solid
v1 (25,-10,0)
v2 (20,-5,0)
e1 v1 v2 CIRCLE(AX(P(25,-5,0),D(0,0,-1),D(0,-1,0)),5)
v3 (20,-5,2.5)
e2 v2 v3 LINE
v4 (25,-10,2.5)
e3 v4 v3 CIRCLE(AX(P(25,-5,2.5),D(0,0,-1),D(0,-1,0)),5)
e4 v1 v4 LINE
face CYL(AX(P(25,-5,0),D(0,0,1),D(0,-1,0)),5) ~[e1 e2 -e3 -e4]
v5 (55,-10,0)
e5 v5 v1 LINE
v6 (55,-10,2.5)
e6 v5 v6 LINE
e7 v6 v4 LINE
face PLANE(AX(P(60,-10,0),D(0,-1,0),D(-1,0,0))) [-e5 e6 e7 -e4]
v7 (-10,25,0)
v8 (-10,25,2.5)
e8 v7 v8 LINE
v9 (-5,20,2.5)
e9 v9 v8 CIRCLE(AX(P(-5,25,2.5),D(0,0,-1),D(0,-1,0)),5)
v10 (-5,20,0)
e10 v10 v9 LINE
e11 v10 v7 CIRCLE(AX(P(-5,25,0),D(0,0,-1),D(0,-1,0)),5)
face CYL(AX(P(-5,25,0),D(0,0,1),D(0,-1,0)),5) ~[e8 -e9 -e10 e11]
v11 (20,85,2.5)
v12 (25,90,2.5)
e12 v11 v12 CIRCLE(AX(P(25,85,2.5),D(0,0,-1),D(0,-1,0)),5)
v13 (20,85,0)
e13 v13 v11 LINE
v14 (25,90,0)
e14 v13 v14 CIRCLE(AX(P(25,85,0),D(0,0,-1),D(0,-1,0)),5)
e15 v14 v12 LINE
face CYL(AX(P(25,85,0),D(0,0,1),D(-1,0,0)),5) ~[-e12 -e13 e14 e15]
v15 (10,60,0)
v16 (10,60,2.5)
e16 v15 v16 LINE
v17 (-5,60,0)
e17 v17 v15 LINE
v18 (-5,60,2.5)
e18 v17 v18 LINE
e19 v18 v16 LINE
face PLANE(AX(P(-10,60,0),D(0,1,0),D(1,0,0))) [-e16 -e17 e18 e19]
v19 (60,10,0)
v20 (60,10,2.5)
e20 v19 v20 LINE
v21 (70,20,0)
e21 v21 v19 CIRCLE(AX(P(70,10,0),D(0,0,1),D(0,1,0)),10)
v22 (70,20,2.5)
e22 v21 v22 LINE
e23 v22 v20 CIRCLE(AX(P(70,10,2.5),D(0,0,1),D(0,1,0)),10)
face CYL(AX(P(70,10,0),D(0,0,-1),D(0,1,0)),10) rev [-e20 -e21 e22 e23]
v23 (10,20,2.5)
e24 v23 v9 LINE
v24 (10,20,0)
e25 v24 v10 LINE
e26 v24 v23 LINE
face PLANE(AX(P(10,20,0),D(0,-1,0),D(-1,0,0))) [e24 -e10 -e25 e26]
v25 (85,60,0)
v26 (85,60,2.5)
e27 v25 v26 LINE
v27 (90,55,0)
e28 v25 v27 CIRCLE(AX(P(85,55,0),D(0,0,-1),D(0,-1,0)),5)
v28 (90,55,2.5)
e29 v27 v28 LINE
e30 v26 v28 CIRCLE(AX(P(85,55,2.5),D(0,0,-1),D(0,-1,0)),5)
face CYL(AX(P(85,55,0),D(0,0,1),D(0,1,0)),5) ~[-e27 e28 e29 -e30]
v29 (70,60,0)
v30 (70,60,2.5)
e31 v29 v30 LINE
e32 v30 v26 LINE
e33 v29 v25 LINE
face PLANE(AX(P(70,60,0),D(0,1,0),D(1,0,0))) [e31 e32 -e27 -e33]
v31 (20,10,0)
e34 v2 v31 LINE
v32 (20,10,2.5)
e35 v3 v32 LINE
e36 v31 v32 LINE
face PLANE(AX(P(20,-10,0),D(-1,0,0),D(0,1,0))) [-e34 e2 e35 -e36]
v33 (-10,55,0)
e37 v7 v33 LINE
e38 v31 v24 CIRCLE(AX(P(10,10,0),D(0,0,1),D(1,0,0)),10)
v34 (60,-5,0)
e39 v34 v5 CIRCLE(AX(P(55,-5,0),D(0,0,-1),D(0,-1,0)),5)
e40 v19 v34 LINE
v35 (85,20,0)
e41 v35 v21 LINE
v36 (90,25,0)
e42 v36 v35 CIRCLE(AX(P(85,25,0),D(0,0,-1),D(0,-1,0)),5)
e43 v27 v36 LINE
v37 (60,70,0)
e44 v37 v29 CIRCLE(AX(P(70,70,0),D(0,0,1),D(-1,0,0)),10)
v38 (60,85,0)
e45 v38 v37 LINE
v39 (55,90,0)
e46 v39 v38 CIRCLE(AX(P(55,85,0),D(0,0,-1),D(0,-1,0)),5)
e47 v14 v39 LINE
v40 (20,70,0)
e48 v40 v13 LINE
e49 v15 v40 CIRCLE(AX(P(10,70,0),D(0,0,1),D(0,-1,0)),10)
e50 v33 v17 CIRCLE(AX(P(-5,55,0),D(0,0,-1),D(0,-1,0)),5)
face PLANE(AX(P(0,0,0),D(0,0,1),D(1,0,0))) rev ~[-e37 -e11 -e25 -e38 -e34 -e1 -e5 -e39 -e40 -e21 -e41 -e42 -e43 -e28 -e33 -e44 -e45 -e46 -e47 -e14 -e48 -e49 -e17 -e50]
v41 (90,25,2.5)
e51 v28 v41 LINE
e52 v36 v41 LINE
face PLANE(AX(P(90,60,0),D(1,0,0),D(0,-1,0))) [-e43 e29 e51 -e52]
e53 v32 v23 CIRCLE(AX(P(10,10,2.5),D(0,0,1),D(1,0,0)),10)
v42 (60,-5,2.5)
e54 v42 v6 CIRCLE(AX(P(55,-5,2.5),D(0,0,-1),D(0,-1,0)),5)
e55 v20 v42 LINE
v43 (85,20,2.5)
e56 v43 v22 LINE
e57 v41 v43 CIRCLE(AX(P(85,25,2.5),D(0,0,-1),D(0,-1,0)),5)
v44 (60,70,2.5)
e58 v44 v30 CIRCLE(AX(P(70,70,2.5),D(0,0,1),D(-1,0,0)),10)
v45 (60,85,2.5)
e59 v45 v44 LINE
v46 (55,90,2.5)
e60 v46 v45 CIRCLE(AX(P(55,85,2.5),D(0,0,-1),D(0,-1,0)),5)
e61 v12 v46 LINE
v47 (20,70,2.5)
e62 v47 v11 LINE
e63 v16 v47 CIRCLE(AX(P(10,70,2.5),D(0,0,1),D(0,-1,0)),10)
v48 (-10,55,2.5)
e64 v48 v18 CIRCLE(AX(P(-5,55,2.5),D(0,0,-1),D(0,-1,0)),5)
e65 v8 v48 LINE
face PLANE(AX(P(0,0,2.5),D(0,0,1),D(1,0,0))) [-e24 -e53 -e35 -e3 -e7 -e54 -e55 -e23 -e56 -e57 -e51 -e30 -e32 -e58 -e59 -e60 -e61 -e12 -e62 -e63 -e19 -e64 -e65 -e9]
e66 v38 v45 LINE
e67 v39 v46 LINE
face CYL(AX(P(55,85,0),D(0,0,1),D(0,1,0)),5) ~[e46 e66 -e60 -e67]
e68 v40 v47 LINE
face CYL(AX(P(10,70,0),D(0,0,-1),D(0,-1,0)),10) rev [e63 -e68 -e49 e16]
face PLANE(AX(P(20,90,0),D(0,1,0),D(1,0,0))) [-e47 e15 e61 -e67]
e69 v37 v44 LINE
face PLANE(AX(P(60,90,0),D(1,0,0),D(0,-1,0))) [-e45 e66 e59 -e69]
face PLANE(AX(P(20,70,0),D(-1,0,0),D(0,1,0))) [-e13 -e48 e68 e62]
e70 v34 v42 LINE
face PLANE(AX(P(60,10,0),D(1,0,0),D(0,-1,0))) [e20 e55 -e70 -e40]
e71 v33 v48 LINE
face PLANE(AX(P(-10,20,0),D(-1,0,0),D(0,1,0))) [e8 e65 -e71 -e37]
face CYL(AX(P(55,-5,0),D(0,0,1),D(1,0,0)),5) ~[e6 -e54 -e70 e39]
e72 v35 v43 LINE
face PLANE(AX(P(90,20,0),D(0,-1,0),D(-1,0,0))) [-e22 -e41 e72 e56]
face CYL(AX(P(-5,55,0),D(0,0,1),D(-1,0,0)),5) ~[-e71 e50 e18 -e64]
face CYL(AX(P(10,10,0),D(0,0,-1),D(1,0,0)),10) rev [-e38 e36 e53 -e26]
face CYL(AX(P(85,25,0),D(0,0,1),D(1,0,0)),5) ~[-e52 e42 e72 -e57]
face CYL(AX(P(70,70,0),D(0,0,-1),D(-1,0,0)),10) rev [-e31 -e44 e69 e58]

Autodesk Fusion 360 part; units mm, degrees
sketch "Sketch1" plane through (0, 0, 0) normal (0, 0, 1) x (1, 0, 0)
  line L0 (-10, 20) -> (-10, 60)
  line L1 (90, 60) -> (90, 20)
  line L2 (90, 20) -> (-10, 60) construction
  line L3 (-10, 20) -> (90, 60) construction
  line L4 (60, -10) -> (20, -10)
  line L5 (20, 90) -> (60, 90)
  line L6 (60, -10) -> (20, 90) construction
  line L7 (20, -10) -> (60, 90) construction
  line L8 (-10, 60) -> (10, 60)
  line L9 (70, 60) -> (90, 60)
  line L10 (60, 90) -> (60, 70)
  line L11 (60, 10) -> (60, -10)
  line L12 (90, 20) -> (70, 20)
  line L13 (10, 20) -> (-10, 20)
  line L14 (20, -10) -> (20, 10)
  line L15 (20, 70) -> (20, 90)
  arc A0 (10, 60) -> (20, 70) centre (10, 70) ccw
  arc A1 (60, 70) -> (70, 60) centre (70, 70) ccw
  arc A2 (70, 20) -> (60, 10) centre (70, 10) ccw
  arc A3 (20, 10) -> (10, 20) centre (10, 10) ccw
  point P0 (40, 40)
  point P1 (40, 40)
  dimension "d1" = 100
  dimension "d2" = 40
  dimension "d3" = 40
  dimension "d4" = 100
  dimension "d5" = 10
  dimension "d6" = 10
  dimension "d7" = 10
  dimension "d8" = 10
extrude "Extrude1" add sketch "Sketch1" along normal blind 2.5
fillet "Fillet1" radius 5 1 edges at (60, -10, 1.25)
fillet "Fillet2" radius 5 1 edges at (20, -10, 1.25)
fillet "Fillet3" radius 5 1 edges at (-10, 20, 1.25)
fillet "Fillet4" radius 5 2 edges at (-10, 60, 1.25) (20, 90, 1.25)
fillet "Fillet5" radius 5 2 edges at (60, 90, 1.25) (90, 60, 1.25)
fillet "Fillet6" radius 5 1 edges at (90, 20, 1.25)
